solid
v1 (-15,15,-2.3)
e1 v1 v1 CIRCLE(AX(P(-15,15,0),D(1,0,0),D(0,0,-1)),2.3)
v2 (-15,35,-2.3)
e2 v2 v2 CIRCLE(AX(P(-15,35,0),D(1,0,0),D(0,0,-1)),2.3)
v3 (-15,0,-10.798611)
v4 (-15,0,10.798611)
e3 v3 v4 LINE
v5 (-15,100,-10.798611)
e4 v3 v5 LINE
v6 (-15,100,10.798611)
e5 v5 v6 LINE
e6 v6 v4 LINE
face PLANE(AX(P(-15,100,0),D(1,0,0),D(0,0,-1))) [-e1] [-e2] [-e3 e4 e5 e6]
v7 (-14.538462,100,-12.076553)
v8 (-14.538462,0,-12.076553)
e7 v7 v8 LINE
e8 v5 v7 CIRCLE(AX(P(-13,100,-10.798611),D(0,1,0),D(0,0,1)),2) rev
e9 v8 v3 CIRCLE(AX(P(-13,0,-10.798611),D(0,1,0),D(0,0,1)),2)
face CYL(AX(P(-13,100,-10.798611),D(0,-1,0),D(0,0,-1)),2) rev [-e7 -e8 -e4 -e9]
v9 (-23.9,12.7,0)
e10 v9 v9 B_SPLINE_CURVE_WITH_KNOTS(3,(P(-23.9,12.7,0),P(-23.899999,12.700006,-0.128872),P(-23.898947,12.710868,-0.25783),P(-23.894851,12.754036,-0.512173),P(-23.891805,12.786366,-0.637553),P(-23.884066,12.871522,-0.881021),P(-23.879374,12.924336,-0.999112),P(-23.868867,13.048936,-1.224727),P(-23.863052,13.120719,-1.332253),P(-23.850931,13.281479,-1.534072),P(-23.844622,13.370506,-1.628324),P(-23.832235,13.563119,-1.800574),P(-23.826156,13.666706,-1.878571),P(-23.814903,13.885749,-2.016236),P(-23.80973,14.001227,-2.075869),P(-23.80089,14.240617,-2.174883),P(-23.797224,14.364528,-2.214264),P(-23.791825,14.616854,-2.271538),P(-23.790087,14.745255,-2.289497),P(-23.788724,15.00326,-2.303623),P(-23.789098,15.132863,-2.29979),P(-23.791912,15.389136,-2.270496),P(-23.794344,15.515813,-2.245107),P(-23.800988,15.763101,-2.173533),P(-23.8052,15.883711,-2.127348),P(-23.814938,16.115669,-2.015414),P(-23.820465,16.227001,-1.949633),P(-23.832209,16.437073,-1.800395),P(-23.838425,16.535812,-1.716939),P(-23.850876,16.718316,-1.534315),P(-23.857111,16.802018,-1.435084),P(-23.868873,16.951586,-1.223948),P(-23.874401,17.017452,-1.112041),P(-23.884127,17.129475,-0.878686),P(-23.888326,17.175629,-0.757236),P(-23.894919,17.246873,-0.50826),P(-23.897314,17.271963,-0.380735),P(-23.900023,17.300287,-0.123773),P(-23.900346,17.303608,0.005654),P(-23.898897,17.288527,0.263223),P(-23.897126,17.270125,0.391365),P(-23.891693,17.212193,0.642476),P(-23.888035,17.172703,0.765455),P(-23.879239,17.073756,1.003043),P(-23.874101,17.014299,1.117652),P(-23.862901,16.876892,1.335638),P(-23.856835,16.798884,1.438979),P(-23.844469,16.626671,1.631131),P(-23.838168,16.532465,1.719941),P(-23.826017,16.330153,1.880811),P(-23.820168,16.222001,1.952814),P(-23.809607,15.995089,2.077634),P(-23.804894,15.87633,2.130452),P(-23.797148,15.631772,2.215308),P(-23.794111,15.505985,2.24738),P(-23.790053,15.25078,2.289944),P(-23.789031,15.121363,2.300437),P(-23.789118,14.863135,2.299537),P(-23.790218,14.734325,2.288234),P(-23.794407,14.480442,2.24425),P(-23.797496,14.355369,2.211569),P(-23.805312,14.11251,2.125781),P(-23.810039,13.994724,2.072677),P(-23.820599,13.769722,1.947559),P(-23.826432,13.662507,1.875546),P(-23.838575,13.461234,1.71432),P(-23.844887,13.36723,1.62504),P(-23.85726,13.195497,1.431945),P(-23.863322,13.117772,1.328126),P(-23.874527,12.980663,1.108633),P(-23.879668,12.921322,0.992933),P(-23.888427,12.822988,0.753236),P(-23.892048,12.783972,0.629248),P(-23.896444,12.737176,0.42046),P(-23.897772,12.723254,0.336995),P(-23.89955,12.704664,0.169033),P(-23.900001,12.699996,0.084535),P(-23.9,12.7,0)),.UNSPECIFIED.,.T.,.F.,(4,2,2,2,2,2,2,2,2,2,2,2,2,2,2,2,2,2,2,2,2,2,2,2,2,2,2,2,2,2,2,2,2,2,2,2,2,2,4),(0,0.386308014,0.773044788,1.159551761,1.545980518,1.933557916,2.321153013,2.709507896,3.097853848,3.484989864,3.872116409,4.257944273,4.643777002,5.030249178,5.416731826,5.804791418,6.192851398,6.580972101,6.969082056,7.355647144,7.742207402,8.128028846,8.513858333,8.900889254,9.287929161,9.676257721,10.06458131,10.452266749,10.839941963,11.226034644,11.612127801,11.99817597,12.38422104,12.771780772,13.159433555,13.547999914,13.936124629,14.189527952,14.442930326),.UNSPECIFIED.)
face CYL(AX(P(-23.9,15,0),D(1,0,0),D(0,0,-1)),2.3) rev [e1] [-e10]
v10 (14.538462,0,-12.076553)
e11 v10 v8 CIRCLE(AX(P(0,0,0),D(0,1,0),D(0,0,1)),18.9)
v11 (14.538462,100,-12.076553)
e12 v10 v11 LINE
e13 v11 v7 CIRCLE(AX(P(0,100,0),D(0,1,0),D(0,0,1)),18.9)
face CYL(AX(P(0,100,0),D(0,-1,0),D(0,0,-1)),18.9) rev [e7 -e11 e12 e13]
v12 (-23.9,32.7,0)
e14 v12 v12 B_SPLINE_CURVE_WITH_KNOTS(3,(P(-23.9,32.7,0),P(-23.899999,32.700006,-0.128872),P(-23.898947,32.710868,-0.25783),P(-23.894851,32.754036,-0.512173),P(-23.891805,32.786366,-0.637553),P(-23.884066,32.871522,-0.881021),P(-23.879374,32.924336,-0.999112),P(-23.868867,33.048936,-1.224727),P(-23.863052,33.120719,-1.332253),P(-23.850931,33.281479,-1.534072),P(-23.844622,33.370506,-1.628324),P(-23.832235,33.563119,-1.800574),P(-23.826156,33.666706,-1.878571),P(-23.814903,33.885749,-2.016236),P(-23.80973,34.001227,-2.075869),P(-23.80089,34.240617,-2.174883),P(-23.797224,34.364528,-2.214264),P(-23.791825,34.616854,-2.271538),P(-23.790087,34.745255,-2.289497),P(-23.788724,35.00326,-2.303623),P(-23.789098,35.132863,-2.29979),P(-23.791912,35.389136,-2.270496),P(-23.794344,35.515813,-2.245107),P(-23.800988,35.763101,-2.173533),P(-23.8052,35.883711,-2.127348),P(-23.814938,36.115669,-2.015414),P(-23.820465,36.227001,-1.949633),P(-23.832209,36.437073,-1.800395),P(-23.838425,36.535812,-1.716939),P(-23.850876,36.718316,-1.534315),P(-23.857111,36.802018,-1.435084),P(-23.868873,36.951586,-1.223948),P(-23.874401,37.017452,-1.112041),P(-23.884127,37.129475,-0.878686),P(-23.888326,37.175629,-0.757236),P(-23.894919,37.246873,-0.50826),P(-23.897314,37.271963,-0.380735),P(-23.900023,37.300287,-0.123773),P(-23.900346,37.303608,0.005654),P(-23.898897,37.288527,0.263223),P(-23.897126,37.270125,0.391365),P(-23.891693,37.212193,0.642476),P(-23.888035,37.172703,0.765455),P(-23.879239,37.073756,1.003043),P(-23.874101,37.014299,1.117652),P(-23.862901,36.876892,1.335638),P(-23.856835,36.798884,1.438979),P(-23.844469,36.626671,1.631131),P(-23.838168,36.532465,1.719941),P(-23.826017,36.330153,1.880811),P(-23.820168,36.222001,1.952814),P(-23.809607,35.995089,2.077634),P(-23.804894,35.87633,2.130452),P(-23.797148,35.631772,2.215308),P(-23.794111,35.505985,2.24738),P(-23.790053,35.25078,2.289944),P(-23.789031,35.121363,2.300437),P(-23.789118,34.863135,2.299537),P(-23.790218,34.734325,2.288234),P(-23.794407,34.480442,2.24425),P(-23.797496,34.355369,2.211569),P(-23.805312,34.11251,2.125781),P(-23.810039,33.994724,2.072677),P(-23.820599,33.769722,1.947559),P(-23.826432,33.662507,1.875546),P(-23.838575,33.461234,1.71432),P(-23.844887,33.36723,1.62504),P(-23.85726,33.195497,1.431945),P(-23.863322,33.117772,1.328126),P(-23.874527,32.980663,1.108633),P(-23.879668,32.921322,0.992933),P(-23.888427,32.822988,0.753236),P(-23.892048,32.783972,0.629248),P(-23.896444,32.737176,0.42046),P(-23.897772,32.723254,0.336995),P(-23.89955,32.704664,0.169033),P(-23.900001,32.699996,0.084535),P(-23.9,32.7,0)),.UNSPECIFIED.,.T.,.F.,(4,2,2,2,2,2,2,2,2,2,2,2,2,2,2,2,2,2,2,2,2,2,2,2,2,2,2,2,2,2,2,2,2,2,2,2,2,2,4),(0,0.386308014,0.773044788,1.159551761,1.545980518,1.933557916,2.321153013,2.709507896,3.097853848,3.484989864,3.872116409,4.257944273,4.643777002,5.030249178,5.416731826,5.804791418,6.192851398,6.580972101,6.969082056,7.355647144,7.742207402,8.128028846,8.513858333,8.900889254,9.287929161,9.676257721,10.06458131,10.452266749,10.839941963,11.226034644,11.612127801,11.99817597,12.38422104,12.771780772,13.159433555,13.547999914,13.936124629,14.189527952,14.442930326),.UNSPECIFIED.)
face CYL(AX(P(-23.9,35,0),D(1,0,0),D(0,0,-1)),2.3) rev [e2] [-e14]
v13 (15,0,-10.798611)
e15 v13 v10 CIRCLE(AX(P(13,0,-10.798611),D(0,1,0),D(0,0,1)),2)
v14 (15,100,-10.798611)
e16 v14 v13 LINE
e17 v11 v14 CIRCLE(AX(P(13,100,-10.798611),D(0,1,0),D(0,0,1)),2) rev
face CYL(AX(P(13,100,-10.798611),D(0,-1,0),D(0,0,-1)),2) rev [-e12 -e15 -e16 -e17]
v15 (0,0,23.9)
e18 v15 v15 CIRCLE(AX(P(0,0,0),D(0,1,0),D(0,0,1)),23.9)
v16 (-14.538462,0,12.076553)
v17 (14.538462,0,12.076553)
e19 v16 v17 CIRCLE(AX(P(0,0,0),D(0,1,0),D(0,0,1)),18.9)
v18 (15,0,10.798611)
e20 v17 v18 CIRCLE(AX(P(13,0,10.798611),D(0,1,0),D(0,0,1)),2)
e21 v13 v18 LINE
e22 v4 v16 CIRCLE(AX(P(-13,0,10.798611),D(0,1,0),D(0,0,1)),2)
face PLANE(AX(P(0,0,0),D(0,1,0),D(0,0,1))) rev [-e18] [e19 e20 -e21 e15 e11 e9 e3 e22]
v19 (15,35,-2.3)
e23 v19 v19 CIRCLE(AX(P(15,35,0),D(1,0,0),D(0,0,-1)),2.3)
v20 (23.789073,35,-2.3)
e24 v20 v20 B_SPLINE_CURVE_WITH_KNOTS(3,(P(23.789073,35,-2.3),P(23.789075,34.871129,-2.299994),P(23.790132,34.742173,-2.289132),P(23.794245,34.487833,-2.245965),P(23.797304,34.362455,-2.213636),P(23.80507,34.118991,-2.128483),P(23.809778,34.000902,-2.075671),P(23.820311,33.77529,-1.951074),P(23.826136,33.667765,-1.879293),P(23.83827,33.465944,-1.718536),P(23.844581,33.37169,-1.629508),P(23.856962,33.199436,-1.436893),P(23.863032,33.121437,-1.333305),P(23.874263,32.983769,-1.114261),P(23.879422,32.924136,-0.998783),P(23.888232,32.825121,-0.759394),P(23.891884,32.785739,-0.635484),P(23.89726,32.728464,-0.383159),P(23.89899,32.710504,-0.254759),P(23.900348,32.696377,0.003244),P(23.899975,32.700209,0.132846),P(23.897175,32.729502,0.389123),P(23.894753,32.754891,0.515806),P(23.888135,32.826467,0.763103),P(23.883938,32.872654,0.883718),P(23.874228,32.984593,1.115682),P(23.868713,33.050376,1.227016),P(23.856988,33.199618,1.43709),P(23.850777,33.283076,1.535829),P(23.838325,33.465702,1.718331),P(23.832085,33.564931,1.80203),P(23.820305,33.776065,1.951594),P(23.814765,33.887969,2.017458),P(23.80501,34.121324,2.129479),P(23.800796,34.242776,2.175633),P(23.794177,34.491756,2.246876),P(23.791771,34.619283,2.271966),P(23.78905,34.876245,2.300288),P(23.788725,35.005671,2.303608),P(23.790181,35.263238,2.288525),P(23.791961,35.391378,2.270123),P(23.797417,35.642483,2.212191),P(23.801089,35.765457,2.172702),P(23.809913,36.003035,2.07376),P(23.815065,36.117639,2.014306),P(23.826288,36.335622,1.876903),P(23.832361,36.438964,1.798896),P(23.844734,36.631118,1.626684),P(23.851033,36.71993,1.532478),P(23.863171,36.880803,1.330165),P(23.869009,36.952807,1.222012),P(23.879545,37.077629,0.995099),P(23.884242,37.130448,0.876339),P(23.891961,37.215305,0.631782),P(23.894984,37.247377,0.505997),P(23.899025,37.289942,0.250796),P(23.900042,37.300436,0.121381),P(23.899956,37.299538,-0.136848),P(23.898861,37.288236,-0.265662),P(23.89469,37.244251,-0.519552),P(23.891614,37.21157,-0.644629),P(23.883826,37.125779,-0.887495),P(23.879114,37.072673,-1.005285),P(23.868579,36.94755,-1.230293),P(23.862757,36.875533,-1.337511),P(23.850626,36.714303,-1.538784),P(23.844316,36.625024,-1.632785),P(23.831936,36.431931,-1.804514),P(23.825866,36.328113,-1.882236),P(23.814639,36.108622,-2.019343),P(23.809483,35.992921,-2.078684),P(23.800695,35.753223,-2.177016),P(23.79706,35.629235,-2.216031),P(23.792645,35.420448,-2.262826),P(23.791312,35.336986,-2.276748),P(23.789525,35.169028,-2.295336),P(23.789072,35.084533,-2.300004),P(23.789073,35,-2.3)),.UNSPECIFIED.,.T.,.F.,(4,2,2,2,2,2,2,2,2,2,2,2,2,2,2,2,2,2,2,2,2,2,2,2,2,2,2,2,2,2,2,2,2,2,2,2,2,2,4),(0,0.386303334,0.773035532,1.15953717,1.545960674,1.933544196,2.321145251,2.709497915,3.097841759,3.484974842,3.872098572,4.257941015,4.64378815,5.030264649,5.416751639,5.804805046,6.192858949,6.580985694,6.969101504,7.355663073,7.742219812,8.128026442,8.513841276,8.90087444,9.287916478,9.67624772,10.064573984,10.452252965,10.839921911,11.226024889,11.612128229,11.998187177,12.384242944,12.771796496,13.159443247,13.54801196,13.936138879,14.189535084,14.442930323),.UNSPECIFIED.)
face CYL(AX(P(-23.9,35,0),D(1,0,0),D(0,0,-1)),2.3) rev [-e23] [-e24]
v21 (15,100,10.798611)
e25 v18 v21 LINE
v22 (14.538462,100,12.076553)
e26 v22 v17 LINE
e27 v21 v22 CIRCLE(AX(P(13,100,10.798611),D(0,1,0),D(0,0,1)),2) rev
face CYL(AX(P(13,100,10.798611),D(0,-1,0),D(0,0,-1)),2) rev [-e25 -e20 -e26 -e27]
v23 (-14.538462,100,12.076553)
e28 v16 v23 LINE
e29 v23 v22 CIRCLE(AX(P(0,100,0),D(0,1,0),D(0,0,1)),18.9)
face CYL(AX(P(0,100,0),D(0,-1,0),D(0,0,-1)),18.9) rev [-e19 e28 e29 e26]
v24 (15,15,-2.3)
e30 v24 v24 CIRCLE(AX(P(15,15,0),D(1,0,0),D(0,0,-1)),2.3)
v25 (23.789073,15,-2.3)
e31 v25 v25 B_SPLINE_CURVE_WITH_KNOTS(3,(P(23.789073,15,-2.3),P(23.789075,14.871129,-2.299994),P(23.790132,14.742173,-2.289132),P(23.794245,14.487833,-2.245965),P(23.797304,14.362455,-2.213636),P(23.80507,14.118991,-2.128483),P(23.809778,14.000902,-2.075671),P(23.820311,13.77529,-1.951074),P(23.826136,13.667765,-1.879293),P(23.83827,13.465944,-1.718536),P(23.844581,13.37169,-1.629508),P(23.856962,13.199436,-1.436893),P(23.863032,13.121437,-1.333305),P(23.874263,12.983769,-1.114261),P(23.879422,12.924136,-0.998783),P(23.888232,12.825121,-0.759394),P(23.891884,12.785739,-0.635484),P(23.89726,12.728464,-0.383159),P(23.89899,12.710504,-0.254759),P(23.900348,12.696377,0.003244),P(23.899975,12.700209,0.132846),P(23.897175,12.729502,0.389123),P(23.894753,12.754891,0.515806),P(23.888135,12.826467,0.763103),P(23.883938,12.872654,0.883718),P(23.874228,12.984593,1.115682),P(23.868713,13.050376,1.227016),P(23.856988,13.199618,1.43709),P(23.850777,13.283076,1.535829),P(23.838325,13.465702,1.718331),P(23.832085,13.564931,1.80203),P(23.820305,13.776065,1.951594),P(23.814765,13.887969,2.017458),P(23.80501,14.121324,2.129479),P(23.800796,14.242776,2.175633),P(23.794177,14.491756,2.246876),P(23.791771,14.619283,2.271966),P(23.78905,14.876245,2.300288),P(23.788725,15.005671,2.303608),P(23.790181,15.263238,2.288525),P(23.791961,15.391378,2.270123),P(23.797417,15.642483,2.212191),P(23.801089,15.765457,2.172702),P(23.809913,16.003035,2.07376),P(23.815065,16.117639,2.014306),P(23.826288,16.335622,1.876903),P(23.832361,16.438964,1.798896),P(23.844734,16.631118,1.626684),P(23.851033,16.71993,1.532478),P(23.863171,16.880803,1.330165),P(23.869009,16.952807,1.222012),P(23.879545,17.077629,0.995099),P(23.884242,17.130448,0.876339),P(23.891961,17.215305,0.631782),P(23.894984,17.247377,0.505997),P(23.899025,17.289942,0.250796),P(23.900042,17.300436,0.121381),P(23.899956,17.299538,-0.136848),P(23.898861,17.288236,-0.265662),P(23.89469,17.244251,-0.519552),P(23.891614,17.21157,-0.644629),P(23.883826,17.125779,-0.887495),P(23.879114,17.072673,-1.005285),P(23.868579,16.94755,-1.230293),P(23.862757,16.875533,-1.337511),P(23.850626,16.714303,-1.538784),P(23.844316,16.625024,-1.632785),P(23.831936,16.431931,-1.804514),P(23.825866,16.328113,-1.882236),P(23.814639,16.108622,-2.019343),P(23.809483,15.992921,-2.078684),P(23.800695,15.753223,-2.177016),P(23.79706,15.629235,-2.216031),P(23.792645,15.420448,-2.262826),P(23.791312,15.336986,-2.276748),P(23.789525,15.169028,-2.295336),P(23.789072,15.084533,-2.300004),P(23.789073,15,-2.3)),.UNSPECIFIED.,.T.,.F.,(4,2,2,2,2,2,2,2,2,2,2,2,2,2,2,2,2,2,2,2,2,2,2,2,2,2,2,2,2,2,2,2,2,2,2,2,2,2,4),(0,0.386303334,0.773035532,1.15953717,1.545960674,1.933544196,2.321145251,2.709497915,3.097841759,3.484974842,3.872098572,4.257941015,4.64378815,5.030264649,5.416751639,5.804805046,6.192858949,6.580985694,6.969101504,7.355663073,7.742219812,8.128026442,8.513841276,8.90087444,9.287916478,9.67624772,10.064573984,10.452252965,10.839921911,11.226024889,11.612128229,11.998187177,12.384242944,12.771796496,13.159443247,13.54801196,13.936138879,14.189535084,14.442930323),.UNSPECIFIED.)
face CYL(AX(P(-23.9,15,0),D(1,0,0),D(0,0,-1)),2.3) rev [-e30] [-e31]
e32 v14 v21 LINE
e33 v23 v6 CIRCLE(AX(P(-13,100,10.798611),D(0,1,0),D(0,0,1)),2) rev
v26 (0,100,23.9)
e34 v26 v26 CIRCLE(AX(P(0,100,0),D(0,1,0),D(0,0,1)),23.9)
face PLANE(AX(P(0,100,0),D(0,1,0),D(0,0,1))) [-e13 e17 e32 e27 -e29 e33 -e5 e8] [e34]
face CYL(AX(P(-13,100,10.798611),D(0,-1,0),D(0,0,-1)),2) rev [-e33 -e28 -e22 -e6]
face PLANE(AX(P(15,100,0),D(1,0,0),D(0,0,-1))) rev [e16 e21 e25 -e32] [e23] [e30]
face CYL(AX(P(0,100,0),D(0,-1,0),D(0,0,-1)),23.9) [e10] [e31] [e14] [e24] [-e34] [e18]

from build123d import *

# Parameters (mm, degrees)
SKETCH1_R               = 23.9
SKETCH1_R_2             = 18.9
BOSS_EXTRUDE1_DEPTH     = 100
SKETCH2_R               = 2.3
CUT_EXTRUDE1_DEPTH      = 24.9
CUT_EXTRUDE1_DEPTH_BACK = 24.9
FILLET1_R               = 2


with BuildPart() as part:
    # Sketch1 → Boss-Extrude1 (new body)
    with BuildSketch(Plane(origin=(0, 0, 0), x_dir=(1, 0, 0), z_dir=(0, 1, 0))):
        Circle(SKETCH1_R)
        Circle(SKETCH1_R_2, mode=Mode.SUBTRACT)
        with BuildLine():
            Line((-15, -11.498260738), (-15, 11.498260738))
            ThreePointArc((-15, 11.498260738), (-18.9, 0), (-15, -11.498260738))
        make_face()
        with BuildLine():
            ThreePointArc((18.9, 0), (17.898463621, 6.070831903), (15, 11.498260738))
            Line((15, 11.498260738), (15, -11.498260738))
            ThreePointArc((15, -11.498260738), (17.898463621, -6.070831903), (18.9, 0))
        make_face()
    extrude(amount=BOSS_EXTRUDE1_DEPTH)

    # Sketch2 → Cut-Extrude1 (cut, two sides)
    with BuildSketch(Plane(origin=(0, 0, 0), x_dir=(0, 0, -1), z_dir=(1, 0, 0))) as cut_extrude1_sk:
        with Locations((0, 15)):
            Circle(SKETCH2_R)
        with Locations((0, 35)):
            Circle(SKETCH2_R)
    extrude(amount=CUT_EXTRUDE1_DEPTH, mode=Mode.SUBTRACT)
    extrude(cut_extrude1_sk.sketch, amount=-CUT_EXTRUDE1_DEPTH_BACK, mode=Mode.SUBTRACT)

    # Fillet1
    fillet1_edges = [part.edges().sort_by_distance(p)[0] for p in [
        (15, 50, 11.498260738),
        (15, 50, -11.498260738),
        (-15, 50, -11.498260738),
        (-15, 50, 11.498260738),
    ]]
    fillet(fillet1_edges, radius=FILLET1_R)


solid = part.part
